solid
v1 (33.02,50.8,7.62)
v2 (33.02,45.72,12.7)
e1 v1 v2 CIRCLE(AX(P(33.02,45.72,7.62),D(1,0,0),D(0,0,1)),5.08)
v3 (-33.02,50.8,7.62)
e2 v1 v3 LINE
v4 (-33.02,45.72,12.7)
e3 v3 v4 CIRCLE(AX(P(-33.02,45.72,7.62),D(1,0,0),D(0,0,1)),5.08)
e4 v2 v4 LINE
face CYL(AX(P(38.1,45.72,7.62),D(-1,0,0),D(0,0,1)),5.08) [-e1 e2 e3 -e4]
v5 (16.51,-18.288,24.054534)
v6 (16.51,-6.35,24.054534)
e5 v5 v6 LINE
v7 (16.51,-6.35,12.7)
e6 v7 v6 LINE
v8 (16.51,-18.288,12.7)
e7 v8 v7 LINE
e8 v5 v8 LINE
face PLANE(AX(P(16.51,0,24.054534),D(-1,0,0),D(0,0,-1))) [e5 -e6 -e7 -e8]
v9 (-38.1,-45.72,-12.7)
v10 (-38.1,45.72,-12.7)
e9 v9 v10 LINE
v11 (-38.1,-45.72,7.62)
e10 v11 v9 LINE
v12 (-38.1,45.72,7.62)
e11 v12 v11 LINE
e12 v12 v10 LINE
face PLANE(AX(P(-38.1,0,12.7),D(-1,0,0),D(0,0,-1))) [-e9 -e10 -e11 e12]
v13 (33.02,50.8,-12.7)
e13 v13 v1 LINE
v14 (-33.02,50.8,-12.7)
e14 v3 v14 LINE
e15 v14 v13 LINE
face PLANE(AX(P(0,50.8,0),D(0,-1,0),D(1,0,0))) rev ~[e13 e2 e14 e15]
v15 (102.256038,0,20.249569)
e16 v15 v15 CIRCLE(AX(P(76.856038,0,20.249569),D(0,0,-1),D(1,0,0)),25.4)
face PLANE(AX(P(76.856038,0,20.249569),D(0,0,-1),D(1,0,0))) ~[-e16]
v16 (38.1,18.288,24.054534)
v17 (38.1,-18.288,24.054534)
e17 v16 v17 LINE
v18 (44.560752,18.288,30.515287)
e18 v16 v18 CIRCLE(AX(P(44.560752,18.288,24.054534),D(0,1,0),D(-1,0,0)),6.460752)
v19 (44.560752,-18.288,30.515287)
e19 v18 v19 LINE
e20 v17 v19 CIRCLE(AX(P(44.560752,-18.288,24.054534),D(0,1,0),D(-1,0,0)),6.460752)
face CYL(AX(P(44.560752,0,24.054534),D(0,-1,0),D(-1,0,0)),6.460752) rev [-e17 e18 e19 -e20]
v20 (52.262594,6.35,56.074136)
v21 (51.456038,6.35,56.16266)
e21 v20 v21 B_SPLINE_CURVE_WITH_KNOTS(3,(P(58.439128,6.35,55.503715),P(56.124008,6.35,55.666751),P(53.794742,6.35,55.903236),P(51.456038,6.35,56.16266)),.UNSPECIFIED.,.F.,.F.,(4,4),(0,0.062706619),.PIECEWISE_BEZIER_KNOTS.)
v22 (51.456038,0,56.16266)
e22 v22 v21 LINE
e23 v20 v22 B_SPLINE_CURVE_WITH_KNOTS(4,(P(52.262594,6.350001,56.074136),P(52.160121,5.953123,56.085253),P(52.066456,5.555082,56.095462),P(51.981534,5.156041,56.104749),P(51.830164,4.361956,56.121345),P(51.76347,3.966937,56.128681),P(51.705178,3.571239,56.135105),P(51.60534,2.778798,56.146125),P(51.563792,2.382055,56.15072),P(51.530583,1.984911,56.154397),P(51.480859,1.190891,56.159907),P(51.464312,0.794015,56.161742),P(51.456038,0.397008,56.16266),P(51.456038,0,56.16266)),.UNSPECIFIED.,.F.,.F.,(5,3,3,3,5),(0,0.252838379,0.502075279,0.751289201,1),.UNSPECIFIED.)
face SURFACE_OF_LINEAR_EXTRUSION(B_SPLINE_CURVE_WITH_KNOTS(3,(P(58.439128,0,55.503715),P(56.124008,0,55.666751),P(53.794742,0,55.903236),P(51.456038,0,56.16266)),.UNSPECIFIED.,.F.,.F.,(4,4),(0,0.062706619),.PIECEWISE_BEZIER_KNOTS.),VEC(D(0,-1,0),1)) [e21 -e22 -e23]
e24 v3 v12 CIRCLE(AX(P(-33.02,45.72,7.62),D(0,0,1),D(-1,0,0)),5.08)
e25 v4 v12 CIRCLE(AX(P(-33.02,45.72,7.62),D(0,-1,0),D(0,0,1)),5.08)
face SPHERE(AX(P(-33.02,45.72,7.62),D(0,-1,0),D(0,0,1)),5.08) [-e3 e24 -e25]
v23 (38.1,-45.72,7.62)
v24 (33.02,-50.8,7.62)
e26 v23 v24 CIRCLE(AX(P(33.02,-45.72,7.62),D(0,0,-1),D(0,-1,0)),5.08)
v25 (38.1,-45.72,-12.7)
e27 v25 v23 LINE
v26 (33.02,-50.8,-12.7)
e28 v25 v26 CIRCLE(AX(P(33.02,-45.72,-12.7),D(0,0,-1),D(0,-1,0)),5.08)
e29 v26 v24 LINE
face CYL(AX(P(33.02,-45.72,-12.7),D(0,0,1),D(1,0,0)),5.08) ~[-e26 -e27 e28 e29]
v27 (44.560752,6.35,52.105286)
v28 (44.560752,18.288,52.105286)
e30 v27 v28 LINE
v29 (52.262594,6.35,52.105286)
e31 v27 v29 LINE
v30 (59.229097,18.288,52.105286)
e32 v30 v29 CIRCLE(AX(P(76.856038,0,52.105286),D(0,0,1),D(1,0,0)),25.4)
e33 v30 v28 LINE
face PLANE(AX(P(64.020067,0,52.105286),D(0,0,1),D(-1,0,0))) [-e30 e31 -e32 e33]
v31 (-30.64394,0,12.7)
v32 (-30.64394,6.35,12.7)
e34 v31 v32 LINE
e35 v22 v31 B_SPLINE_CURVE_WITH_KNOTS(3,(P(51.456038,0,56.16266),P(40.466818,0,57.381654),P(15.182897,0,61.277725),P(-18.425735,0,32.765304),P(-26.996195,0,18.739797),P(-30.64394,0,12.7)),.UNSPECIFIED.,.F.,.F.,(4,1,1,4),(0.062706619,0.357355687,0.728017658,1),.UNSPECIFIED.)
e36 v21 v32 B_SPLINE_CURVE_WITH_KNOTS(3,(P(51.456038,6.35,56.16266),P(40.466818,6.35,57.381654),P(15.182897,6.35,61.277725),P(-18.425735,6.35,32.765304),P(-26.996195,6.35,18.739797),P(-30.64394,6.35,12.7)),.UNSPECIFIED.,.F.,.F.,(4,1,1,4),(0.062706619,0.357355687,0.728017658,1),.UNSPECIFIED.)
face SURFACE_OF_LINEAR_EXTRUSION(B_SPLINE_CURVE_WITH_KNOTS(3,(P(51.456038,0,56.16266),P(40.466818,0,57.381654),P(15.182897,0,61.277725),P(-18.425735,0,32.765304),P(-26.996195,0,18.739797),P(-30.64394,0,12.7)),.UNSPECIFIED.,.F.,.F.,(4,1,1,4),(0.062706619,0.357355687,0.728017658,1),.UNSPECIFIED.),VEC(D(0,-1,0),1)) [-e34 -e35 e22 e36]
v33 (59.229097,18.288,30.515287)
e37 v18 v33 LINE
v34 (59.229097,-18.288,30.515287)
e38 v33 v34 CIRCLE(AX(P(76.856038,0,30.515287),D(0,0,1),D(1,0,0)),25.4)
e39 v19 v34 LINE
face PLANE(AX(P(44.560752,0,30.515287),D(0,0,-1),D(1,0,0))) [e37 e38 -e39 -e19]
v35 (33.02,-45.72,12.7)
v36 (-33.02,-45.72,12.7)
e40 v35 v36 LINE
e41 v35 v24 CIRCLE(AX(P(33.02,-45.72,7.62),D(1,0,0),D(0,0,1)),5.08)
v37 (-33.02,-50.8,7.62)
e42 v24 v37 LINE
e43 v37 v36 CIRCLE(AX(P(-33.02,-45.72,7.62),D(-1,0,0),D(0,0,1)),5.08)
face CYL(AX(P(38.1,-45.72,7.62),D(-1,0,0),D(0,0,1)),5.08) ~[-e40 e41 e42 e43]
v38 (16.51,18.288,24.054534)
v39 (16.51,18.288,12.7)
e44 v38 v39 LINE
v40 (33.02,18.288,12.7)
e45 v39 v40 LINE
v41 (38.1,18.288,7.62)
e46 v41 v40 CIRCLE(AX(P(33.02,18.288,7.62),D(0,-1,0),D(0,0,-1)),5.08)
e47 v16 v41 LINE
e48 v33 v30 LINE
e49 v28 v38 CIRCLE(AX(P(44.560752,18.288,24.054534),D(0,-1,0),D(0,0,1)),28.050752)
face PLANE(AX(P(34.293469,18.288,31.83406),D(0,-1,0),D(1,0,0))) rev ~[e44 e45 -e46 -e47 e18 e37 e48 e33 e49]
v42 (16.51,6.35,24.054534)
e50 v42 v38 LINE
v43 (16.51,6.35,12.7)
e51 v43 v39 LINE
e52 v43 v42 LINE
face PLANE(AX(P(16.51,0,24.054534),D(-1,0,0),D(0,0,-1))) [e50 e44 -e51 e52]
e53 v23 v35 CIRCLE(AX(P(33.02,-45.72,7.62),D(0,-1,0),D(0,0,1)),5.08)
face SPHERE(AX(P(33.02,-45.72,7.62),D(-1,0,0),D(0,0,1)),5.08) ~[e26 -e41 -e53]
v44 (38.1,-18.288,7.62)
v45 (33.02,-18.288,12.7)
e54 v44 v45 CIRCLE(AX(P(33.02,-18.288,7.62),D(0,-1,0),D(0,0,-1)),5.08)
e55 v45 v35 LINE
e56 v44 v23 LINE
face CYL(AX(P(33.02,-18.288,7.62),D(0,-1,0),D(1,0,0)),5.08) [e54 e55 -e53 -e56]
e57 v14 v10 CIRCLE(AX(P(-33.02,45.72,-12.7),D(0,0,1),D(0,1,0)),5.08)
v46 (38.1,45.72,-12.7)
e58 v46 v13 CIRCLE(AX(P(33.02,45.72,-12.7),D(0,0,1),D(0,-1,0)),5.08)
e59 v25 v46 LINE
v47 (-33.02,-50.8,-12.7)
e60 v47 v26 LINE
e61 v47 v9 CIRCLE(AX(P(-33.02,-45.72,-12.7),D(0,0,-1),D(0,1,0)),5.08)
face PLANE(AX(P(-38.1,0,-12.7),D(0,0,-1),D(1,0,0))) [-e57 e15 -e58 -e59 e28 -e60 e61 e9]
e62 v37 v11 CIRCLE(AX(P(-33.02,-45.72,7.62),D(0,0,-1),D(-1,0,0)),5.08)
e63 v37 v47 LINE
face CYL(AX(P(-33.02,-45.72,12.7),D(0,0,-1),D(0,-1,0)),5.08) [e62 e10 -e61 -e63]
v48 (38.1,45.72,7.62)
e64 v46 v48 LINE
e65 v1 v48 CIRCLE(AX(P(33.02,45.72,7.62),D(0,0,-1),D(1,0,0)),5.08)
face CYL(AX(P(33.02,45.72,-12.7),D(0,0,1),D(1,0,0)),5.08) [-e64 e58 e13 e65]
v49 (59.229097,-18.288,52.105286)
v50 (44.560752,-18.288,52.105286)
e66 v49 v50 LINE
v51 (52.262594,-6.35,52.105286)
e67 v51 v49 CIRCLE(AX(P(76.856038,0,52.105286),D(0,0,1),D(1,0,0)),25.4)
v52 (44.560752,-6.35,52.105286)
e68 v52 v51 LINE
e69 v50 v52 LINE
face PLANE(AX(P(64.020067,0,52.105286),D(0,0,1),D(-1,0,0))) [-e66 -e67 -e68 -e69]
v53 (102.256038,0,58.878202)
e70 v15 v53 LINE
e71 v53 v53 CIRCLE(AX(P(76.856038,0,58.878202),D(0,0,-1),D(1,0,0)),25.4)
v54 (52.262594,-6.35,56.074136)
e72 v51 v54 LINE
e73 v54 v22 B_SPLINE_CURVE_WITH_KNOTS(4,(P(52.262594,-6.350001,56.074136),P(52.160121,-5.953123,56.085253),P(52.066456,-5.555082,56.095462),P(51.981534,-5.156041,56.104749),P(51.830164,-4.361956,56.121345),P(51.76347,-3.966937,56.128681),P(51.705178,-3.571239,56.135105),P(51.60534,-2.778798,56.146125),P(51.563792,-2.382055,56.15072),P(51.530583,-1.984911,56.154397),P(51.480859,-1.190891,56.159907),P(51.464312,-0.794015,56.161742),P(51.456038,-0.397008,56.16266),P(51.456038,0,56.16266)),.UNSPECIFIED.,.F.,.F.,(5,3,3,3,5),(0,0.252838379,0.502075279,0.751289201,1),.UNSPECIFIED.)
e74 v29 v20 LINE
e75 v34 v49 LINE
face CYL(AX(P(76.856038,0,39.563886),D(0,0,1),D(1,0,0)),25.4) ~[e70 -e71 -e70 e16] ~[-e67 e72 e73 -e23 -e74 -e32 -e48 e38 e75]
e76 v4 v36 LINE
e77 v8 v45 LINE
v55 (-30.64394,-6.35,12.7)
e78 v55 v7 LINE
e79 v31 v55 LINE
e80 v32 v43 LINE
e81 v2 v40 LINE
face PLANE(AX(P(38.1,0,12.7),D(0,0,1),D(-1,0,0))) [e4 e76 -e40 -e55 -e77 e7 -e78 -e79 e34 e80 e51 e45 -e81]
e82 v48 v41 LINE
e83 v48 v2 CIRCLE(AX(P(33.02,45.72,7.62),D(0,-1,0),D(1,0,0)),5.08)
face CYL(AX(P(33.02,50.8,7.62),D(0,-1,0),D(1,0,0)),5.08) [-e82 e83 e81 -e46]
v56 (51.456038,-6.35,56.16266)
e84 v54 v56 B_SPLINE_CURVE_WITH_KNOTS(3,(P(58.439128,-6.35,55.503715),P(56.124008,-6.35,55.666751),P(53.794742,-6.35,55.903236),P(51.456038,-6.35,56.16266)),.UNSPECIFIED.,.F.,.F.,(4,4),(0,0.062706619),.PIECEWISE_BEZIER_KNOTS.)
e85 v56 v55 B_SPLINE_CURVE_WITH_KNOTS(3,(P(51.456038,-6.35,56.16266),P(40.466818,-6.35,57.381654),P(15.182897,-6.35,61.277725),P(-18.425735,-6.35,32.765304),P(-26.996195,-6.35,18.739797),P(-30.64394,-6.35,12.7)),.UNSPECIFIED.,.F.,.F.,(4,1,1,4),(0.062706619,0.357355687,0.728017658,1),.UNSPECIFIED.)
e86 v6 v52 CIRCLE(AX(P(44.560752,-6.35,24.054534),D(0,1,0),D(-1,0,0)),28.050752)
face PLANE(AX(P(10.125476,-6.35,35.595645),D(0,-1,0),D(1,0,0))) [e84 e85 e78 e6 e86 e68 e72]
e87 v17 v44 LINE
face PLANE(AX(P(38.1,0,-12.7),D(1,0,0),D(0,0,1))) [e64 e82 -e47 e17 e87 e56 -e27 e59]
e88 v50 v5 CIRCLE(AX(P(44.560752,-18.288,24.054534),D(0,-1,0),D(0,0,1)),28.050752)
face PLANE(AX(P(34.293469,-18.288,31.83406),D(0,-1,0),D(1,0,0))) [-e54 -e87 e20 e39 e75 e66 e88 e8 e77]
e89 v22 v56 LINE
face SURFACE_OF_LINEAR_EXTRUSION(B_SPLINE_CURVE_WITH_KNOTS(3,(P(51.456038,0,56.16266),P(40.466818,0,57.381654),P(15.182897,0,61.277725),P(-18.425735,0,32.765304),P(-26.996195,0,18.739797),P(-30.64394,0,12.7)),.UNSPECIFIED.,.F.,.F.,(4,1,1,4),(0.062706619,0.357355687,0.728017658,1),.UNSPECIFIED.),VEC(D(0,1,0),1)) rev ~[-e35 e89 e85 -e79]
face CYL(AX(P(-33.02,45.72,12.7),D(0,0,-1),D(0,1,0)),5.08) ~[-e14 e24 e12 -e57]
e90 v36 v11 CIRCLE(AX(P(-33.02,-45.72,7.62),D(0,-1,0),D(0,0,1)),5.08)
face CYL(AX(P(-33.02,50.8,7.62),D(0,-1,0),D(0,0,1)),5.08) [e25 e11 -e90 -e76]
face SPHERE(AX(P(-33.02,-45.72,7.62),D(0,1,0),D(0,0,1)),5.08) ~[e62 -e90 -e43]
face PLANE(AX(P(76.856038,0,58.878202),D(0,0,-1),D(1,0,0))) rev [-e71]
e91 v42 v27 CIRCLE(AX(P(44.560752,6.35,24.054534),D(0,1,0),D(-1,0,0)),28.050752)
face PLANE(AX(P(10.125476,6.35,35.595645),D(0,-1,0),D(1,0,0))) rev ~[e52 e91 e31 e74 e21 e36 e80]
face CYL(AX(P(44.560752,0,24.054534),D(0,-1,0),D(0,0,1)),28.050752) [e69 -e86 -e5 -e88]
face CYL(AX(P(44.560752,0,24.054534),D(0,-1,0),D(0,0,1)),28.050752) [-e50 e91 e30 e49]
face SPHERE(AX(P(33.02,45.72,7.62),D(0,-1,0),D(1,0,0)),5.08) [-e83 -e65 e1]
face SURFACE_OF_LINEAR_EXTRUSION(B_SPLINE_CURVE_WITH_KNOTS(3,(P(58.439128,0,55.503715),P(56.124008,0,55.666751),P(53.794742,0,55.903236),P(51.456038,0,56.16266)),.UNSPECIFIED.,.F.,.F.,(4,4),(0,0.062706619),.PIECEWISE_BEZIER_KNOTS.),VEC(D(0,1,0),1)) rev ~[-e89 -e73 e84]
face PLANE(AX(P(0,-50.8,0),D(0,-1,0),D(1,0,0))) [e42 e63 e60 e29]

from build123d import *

# Parameters (mm, degrees)
F1_DEPTH = 50.8
F2_DEPTH = 18.288
F3_DEPTH = 6.35
F0_W     = 25.4
F0_H     = 38.6286331601
F5_R     = 5.08


with BuildPart() as f1:
    # F0 (on Front) → F1 (new body, symmetric)
    with BuildSketch(Plane.XZ):
        Polygon((38.1, -12.7), (38.1, 12.7), (16.5100004677, 12.7), (-30.6439399719, 12.7), (-38.1, 12.7), (-38.1, -12.7), align=None)
    extrude(amount=F1_DEPTH, both=True)

    # F0 (on Front) → F2 (join, symmetric)
    with BuildSketch(Plane.XZ):
        with BuildLine():
            Line((16.5100004677, 12.7), (38.1, 12.7))
            Line((38.1, 12.7), (38.1, 24.0545344999))
            ThreePointArc((38.1, 24.0545344999), (39.9923105597, 28.6229763174), (44.5607523772, 30.5152868771))
            Line((44.5607523772, 30.5152868771), (51.4560379088, 30.5152868771))
            Line((51.4560379088, 30.5152868771), (51.4560379088, 52.1052864094))
            Line((51.4560379088, 52.1052864094), (44.5607523772, 52.1052864094))
            ThreePointArc((44.5607523772, 52.1052864094), (24.7258754846, 43.8894113925), (16.5100004677, 24.0545344999))
            Line((16.5100004677, 24.0545344999), (16.5100004677, 12.7))
        make_face()
        Polygon((51.4560379088, 52.1052864094), (51.4560379088, 30.5152868771), (64.020066675, 30.5152868771), (64.020066675, 52.1052864094), (58.4391281009, 52.1052864094), align=None)
    extrude(amount=F2_DEPTH, both=True)

    # F0 (on Front) → F3 (join, symmetric)
    with BuildSketch(Plane.XZ):
        with BuildLine():
            Line((-30.6439399719, 12.7), (16.5100004677, 12.7))
            Line((16.5100004677, 12.7), (16.5100004677, 24.0545344999))
            ThreePointArc((16.5100004677, 24.0545344999), (24.7258754846, 43.8894113925), (44.5607523772, 52.1052864094))
            Line((44.5607523772, 52.1052864094), (51.4560379088, 52.1052864094))
            Line((51.4560379088, 52.1052864094), (51.4560379088, 56.1626598461))
            add(Edge.make_bspline(
                [(51.4560379088, 56.1626598461), (40.4668177648, 57.3816540823), (15.1828966136, 61.2777253632), (-18.425734597, 32.7653036797), (-26.9961953148, 18.7397968243), (-30.6439399719, 12.7)],
                knots=[0.062706619, 0.062706619, 0.062706619, 0.062706619, 0.3573556866, 0.7280176576, 1, 1, 1, 1], degree=3))
        make_face()
        with BuildLine():
            add(Edge.make_bspline(
                [(58.4391281009, 55.5037148297), (56.1240075207, 55.6667510787), (53.7947415268, 55.9032359568), (51.4560379088, 56.1626598461)],
                knots=[0, 0, 0, 0, 0.062706619, 0.062706619, 0.062706619, 0.062706619], degree=3))
            Line((51.4560379088, 56.1626598461), (51.4560379088, 52.1052864094))
            Line((51.4560379088, 52.1052864094), (58.4391281009, 52.1052864094))
            Line((58.4391281009, 52.1052864094), (58.4391281009, 55.5037148297))
        make_face()
    extrude(amount=F3_DEPTH, both=True)

    # F0 (on Front) → F4 (revolve)
    with BuildSketch(Plane.XZ):
        with Locations((89.5560379088, 39.5638855255)):
            Rectangle(F0_W, F0_H)
    revolve(axis=Axis((76.8560379088, 0, 39.5638855255), (0, 0, -1)))

    # F5
    f5_edges = [f1.edges().sort_by_distance(p)[0] for p in [
        (-38.1, 0, 12.7),
        (0, -50.8, 12.7),
        (38.1, -34.544, 12.7),
        (38.1, -50.8, 0),
        (-38.1, -50.8, 0),
        (38.1, 34.544, 12.7),
        (38.1, 50.8, 0),
        (0, 50.8, 12.7),
        (-38.1, 50.8, 0),
    ]]
    fillet(f5_edges, radius=F5_R)


solid = f1.part
